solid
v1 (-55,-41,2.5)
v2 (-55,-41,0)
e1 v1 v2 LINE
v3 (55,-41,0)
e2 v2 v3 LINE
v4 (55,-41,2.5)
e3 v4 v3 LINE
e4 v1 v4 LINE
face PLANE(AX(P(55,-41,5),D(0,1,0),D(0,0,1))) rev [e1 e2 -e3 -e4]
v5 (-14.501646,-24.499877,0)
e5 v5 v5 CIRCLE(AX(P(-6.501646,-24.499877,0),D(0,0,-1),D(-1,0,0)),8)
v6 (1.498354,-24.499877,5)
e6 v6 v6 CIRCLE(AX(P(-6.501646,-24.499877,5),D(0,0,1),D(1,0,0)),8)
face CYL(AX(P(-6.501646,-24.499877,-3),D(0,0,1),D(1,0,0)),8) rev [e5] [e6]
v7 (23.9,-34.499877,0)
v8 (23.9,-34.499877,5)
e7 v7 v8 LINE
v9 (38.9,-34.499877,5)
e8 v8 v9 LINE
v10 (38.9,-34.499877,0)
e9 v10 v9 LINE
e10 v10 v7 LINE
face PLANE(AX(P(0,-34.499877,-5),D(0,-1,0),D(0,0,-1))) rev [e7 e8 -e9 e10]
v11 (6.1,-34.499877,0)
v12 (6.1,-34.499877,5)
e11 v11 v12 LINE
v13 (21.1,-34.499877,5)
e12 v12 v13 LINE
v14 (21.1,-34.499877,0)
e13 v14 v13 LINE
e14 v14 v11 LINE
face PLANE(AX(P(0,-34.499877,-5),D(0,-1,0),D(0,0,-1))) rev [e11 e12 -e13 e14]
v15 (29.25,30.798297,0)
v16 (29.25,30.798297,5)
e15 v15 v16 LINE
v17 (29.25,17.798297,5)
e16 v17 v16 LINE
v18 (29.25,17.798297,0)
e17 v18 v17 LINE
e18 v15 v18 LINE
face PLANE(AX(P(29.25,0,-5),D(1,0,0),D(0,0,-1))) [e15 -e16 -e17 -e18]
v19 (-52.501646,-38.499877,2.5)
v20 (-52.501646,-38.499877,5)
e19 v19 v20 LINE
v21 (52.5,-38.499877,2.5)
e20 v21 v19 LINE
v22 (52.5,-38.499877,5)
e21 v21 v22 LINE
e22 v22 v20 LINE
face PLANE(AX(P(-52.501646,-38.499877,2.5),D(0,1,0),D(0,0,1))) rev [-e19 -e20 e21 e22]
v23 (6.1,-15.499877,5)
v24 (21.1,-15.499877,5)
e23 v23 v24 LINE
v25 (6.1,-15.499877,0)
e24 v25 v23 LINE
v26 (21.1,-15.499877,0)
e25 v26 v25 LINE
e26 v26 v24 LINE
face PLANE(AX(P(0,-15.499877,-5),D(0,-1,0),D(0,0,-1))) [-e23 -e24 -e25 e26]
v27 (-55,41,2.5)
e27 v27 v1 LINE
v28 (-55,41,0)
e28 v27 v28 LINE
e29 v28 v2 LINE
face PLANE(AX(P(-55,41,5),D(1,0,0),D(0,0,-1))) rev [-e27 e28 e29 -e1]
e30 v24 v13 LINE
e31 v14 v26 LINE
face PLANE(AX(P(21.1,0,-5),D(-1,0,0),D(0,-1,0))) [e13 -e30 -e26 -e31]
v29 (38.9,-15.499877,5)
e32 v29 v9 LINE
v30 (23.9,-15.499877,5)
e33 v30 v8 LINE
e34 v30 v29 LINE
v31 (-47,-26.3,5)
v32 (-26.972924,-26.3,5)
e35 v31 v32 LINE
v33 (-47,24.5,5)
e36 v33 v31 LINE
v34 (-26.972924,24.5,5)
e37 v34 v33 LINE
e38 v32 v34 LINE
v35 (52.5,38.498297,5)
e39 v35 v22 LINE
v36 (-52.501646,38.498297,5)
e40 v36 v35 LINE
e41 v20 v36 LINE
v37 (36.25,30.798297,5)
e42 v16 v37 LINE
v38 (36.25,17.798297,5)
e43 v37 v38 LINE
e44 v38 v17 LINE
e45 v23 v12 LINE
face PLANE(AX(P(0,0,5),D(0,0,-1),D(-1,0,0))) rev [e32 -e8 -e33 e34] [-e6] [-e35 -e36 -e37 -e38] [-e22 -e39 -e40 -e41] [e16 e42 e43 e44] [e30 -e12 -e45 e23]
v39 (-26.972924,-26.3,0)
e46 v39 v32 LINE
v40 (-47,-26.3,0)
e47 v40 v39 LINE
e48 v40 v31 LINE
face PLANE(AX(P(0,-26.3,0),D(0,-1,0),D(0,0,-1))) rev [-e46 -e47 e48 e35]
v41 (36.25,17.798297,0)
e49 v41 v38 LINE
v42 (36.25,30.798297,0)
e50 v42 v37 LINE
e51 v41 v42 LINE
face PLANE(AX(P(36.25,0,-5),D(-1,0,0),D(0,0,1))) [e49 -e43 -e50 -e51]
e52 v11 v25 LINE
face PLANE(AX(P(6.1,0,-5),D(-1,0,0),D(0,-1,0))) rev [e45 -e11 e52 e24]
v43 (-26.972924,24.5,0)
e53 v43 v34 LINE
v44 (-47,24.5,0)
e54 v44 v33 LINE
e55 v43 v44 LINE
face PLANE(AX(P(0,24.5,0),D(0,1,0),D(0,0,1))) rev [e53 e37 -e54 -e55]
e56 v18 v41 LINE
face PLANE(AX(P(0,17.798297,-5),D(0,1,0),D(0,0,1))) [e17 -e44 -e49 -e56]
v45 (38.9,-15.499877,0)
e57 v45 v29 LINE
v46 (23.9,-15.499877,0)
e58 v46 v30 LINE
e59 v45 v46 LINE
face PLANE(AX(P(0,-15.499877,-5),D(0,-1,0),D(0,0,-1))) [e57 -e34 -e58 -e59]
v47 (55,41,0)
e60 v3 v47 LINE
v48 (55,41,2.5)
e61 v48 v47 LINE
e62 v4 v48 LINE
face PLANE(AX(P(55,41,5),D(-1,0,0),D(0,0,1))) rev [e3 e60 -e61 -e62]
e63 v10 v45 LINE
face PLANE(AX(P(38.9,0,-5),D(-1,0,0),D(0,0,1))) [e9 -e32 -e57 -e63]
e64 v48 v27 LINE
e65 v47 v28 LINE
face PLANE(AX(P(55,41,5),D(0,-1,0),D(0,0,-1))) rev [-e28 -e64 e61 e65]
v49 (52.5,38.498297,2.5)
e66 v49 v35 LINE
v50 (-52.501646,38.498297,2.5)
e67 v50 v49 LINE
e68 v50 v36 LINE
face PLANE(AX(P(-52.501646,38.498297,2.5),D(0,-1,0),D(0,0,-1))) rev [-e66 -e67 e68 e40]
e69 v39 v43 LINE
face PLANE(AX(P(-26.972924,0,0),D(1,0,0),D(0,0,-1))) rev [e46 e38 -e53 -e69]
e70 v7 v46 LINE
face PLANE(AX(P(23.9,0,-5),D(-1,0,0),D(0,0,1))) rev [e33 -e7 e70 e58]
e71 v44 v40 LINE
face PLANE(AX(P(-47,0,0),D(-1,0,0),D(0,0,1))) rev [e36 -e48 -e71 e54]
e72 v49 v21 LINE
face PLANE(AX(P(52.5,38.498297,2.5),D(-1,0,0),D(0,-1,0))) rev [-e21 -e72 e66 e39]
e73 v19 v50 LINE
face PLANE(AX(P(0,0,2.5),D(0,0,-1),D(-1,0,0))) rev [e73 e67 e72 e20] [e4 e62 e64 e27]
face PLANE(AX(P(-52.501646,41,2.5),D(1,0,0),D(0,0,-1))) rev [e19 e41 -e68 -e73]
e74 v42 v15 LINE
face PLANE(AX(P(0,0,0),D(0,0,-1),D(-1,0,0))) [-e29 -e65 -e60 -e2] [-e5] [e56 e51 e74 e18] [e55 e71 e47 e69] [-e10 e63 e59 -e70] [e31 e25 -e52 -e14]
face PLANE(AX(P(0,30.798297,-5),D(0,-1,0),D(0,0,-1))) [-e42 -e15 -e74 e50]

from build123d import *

# Parameters (mm, degrees)
SKETCH2_W           = 110
SKETCH2_H           = 82
BOSS_EXTRUDE1_DEPTH = 5
SKETCH13_W          = 20.02707563
SKETCH13_H          = 50.8
CUT_EXTRUDE12_DEPTH = 5
SKETCH14_W          = 2.498354032
SKETCH14_H          = 82
CUT_EXTRUDE13_DEPTH = 2.5
SKETCH15_W          = 107.501645968
SKETCH15_H          = 2.500122833
CUT_EXTRUDE14_DEPTH = 2.5
SKETCH16_W          = 107.501645968
SKETCH16_H          = 2.501703456
CUT_EXTRUDE15_DEPTH = 2.5
SKETCH18_W          = 2.5
SKETCH18_H          = 76.998173711
CUT_EXTRUDE18_DEPTH = 2.5
SKETCH19_W          = 7.5
SKETCH19_H          = 9.5
CUT_EXTRUDE19_DEPTH = 10
SKETCH20_W          = 7.5
SKETCH20_H          = 9.5
CUT_EXTRUDE20_DEPTH = 10
CUT_EXTRUDE21_DEPTH = 8
SKETCH22_W          = 7
SKETCH22_H          = 13
CUT_EXTRUDE22_DEPTH = 10


with BuildPart() as part:
    # Sketch2 → Boss-Extrude1 (new body)
    with BuildSketch(Plane.XY):
        Rectangle(SKETCH2_W, SKETCH2_H)
    extrude(amount=BOSS_EXTRUDE1_DEPTH)

    # Sketch13 → Cut-Extrude12 (cut)
    with BuildSketch(Plane.XY.offset(5)):
        with Locations((-36.986462185, -0.9)):
            Rectangle(SKETCH13_W, SKETCH13_H)
    extrude(amount=-CUT_EXTRUDE12_DEPTH, mode=Mode.SUBTRACT)

    # Sketch14 → Cut-Extrude13 (cut)
    with BuildSketch(Plane.XY.offset(5)):
        with Locations((-53.750822984, 0)):
            Rectangle(SKETCH14_W, SKETCH14_H)
    extrude(amount=-CUT_EXTRUDE13_DEPTH, mode=Mode.SUBTRACT)

    # Sketch15 → Cut-Extrude14 (cut)
    with BuildSketch(Plane.XY.offset(5)):
        with Locations((1.249177016, -39.749938583)):
            Rectangle(SKETCH15_W, SKETCH15_H)
    extrude(amount=-CUT_EXTRUDE14_DEPTH, mode=Mode.SUBTRACT)

    # Sketch16 → Cut-Extrude15 (cut)
    with BuildSketch(Plane.XY.offset(5)):
        with Locations((1.249177016, 39.749148272)):
            Rectangle(SKETCH16_W, SKETCH16_H)
    extrude(amount=-CUT_EXTRUDE15_DEPTH, mode=Mode.SUBTRACT)

    # Sketch18 → Cut-Extrude18 (cut)
    with BuildSketch(Plane.XY.offset(5)):
        with Locations((53.75, -0.000790311)):
            Rectangle(SKETCH18_W, SKETCH18_H)
    extrude(amount=-CUT_EXTRUDE18_DEPTH, mode=Mode.SUBTRACT)

    # Sketch19 → Cut-Extrude19 (cut)
    with BuildSketch(Plane.XY.offset(5)):
        Polygon((6.1, -34.499877167), (13.6, -34.499877167), (13.6, -24.999877167), (21.1, -24.999877167), (21.1, -15.499877167), (6.1, -15.499877167), align=None)
        with Locations((17.35, -29.749877167)):
            Rectangle(SKETCH19_W, SKETCH19_H)
    extrude(amount=-CUT_EXTRUDE19_DEPTH, mode=Mode.SUBTRACT)

    # Sketch20 → Cut-Extrude20 (cut)
    with BuildSketch(Plane.XY.offset(5)):
        Polygon((31.4, -24.999877167), (38.9, -24.999877167), (38.9, -15.499877167), (23.9, -15.499877167), (23.9, -34.499877167), (31.4, -34.499877167), align=None)
        with Locations((35.15, -29.749877167)):
            Rectangle(SKETCH20_W, SKETCH20_H)
    extrude(amount=-CUT_EXTRUDE20_DEPTH, mode=Mode.SUBTRACT)

    # Sketch21 → Cut-Extrude21 (cut)
    with BuildSketch(Plane.XY.offset(5)):
        with BuildLine():
            ThreePointArc((1.498354032, -24.499877167), (-6.501645968, -16.499877167), (-14.501645968, -24.499877167))
            Line((-14.501645968, -24.499877167), (-6.501645968, -24.499877167))
            Line((-6.501645968, -24.499877167), (-6.501645968, -32.499877167))
            ThreePointArc((-6.501645968, -32.499877167), (-0.844791718, -30.156731417), (1.498354032, -24.499877167))
        make_face()
        with BuildLine():
            Line((-6.501645968, -24.499877167), (-14.501645968, -24.499877167))
            ThreePointArc((-14.501645968, -24.499877167), (-12.158500217, -30.156731417), (-6.501645968, -32.499877167))
            Line((-6.501645968, -32.499877167), (-6.501645968, -24.499877167))
        make_face()
    extrude(amount=-CUT_EXTRUDE21_DEPTH, mode=Mode.SUBTRACT)

    # Sketch22 → Cut-Extrude22 (cut)
    with BuildSketch(Plane.XY.offset(5)):
        with Locations((32.75, 24.298296544)):
            Rectangle(SKETCH22_W, SKETCH22_H)
    extrude(amount=-CUT_EXTRUDE22_DEPTH, mode=Mode.SUBTRACT)


solid = part.part
